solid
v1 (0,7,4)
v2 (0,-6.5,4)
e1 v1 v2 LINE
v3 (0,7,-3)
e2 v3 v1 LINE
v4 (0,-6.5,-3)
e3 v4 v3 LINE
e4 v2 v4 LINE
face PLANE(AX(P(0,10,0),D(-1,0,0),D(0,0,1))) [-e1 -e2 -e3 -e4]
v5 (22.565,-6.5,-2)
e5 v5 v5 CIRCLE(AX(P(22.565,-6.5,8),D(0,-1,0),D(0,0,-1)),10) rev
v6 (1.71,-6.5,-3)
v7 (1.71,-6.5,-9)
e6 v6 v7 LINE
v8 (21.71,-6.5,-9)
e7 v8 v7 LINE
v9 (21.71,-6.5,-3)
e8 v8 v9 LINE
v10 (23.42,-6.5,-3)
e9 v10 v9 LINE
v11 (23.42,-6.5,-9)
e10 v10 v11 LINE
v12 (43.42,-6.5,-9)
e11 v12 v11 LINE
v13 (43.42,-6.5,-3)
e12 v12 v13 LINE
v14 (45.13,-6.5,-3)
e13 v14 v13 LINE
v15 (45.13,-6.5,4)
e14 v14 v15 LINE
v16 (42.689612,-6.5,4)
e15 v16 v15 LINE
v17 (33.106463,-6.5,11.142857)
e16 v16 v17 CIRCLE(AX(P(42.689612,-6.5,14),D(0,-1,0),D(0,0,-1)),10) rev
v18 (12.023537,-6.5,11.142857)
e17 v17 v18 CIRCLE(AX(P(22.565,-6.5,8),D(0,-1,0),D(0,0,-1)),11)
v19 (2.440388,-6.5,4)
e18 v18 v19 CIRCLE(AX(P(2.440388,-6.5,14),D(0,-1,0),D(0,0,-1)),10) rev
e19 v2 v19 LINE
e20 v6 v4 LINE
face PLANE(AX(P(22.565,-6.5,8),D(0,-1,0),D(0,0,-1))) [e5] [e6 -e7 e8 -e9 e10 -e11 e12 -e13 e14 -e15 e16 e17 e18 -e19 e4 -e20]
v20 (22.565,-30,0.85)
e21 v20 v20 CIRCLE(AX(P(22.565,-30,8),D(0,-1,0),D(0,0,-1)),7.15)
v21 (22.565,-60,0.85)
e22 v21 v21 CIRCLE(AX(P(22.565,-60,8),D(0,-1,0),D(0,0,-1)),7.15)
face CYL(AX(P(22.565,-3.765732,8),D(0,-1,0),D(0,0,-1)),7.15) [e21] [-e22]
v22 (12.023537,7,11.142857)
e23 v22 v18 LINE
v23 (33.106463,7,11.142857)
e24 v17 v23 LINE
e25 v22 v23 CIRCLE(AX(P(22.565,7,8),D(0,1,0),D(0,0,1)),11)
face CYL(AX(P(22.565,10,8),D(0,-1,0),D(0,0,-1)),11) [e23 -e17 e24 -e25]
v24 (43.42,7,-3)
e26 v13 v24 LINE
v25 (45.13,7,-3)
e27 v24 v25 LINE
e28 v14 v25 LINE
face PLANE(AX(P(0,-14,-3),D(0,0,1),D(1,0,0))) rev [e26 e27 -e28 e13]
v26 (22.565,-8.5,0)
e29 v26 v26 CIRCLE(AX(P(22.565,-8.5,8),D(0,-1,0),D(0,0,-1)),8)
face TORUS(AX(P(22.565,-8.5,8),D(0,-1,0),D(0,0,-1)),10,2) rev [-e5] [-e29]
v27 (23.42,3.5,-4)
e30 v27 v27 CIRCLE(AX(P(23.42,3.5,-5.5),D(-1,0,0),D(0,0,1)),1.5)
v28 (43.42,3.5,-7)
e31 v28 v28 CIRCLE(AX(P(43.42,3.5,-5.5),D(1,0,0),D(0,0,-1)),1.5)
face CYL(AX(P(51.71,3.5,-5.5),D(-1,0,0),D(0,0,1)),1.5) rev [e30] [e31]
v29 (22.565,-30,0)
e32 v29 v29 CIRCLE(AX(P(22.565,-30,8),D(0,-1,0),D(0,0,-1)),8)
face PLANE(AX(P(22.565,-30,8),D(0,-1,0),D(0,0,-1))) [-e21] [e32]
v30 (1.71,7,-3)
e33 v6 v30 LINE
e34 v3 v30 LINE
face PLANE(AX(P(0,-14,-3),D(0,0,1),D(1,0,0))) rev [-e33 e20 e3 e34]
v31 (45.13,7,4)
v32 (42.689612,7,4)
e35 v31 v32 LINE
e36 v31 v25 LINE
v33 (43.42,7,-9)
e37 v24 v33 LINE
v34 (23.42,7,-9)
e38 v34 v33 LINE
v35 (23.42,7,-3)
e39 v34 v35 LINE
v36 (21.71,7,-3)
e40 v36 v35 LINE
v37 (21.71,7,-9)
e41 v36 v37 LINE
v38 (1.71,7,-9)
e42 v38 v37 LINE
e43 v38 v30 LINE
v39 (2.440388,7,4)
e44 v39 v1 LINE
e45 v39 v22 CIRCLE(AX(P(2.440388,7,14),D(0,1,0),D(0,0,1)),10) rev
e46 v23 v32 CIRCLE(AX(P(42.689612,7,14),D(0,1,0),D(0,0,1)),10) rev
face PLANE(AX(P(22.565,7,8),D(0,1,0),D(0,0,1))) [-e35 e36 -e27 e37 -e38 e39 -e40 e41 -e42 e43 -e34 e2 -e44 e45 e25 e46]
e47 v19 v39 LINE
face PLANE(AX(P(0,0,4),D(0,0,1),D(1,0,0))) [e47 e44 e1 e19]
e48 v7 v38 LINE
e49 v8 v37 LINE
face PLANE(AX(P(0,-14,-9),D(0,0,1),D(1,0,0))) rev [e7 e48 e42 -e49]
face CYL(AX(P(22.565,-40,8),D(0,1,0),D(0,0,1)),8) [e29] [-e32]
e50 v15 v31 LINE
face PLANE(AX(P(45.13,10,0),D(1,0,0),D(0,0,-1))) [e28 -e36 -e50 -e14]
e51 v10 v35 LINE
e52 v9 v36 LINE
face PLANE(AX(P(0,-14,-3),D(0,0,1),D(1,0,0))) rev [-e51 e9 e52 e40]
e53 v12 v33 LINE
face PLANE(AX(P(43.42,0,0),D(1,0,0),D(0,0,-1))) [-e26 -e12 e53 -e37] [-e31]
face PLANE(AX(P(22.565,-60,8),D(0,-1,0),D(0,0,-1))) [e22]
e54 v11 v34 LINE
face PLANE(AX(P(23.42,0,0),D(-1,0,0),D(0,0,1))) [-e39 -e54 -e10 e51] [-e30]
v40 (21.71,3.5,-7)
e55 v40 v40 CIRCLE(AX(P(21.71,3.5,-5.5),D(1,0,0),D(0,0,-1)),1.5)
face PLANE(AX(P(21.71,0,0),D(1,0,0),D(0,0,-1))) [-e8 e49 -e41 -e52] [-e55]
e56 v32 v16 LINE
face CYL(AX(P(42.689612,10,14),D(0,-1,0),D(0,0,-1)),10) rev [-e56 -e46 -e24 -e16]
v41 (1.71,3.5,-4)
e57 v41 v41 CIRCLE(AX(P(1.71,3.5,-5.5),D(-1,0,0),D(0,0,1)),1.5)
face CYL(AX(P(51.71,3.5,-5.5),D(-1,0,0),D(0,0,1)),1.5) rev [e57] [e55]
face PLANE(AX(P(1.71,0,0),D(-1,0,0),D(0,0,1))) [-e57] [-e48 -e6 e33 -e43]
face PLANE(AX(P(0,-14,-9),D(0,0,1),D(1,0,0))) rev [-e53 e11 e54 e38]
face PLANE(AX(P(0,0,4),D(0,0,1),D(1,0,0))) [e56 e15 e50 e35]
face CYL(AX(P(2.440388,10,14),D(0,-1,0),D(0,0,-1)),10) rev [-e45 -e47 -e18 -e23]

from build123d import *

# Parameters (mm, degrees)
SKETCH1_R            = 11
SKETCH1_R_2          = 8
SKETCH1_W            = 45.13
SKETCH1_H            = 7
BOSS_EXTRUDE1_DEPTH  = 10
SKETCH2_W            = 1.71
SKETCH2_H            = 4
CUT_EXTRUDE1_DEPTH   = 10
SKETCH3_W            = 20
SKETCH3_H            = 10
BOSS_EXTRUDE2_DEPTH  = 3
CUT_EXTRUDE2_START   = -3
CUT_EXTRUDE2_DEPTH   = 3
SKETCH6_W            = 20
SKETCH6_H            = 7
BOSS_EXTRUDE3_DEPTH  = 2
SKETCH7_R            = 1.5
CUT_EXTRUDE5_DEPTH   = 44
SKETCH9_W            = 1.71
SKETCH9_H            = 7
BOSS_EXTRUDE4_DEPTH  = 3
CUT_EXTRUDE6_START   = -1
SKETCH11_R           = 8
CUT_EXTRUDE6_DEPTH   = 1
BOSS_EXTRUDE6_DEPTH  = 1
BOSS_EXTRUDE7_START  = 6
SKETCH13_R           = 8
BOSS_EXTRUDE7_DEPTH  = 6
SKETCH14_R           = 8
BOSS_EXTRUDE8_DEPTH  = 40
SKETCH15_R           = 7.5
BOSS_EXTRUDE9_DEPTH  = 30
BOSS_EXTRUDE10_START = 6.5
BOSS_EXTRUDE10_DEPTH = 6.5
SKETCH17_R           = 15.773418916
SKETCH17_R_2         = 7
CUT_EXTRUDE7_DEPTH   = 30
SKETCH18_R           = 7.1
BOSS_EXTRUDE11_DEPTH = 30
SKETCH19_R           = 7.2
BOSS_EXTRUDE12_DEPTH = 30
SKETCH20_R           = 12.810748173
SKETCH20_R_2         = 7.15
CUT_EXTRUDE8_DEPTH   = 30
SKETCH21_R           = 7.15
CUT_EXTRUDE9_DEPTH   = 10
SKETCH22_R           = 8
SKETCH22_R_2         = 7.15
CUT_EXTRUDE10_DEPTH  = 10
SKETCH25_W           = 1.71
SKETCH25_H           = 3
SKETCH25_W_2         = 20
CUT_EXTRUDE13_DEPTH  = 21
BOSS_EXTRUDE13_DEPTH = 20
BOSS_EXTRUDE14_START = -20
BOSS_EXTRUDE14_DEPTH = 20
SKETCH28_R           = 1.5
CUT_EXTRUDE14_DEPTH  = 50
SKETCH29_W           = 45.13
SKETCH29_H           = 13.5
BOSS_EXTRUDE15_DEPTH = 4
FILLET1_R            = 10
FILLET2_R            = 2


with BuildPart() as part:
    # Sketch1 → Boss-Extrude1 (new body)
    # profile 1 of 2: a face of its own
    with BuildSketch(Plane(origin=(0, 0, 0), x_dir=(1, 0, 0), z_dir=(0, 1, 0))):
        with Locations((22.565, -8)):
            Circle(SKETCH1_R)
        with Locations(Location((22.565, -8, 0), (0, 0, 270))):
            Circle(SKETCH1_R_2, mode=Mode.SUBTRACT)
    # profile 2 of 2: a face of its own
    with BuildSketch(Plane(origin=(0, 0, 0), x_dir=(1, 0, 0), z_dir=(0, 1, 0))):
        with Locations((22.565, 3.5)):
            Rectangle(SKETCH1_W, SKETCH1_H)
    extrude(amount=BOSS_EXTRUDE1_DEPTH)

    # Sketch2 → Cut-Extrude1 (cut)
    with BuildSketch(Plane(origin=(0, 10, 0), x_dir=(1, 0, 0), z_dir=(0, 1, 0))):
        with Locations((0.855, 5)):
            Rectangle(SKETCH2_W, SKETCH2_H)
        with Locations((22.565, 5)):
            Rectangle(SKETCH2_W, SKETCH2_H)
        with Locations((44.275, 5)):
            Rectangle(SKETCH2_W, SKETCH2_H)
    extrude(amount=-CUT_EXTRUDE1_DEPTH, mode=Mode.SUBTRACT)

    # Sketch3 → Boss-Extrude2 (add)
    with BuildSketch(Plane(origin=(0, 0, -7), x_dir=(-1, 0, 0), z_dir=(0, 0, -1))):
        with Locations((-33.42, 5)):
            Rectangle(SKETCH3_W, SKETCH3_H)
        with Locations((-11.71, 5)):
            Rectangle(SKETCH3_W, SKETCH3_H)
    extrude(amount=BOSS_EXTRUDE2_DEPTH)

    # Sketch4 → Cut-Extrude2 (cut)
    with BuildSketch(Plane(origin=(0, 10, 0), x_dir=(1, 0, 0), z_dir=(0, 1, 0)).offset(CUT_EXTRUDE2_START)):
        with BuildLine():
            Line((21.71, 3), (21.71, 10))
            Line((21.71, 10), (1.71, 10))
            Line((1.71, 10), (1.71, 3))
            Line((1.71, 3), (0, 3))
            Line((0, 3), (0, 0))
            Line((0, 0), (15.015165565, 0))
            ThreePointArc((15.015165565, 0), (22.565, -19), (30.114834435, 0))
            Line((30.114834435, 0), (45.13, 0))
            Line((45.13, 0), (45.13, 3))
            Line((45.13, 3), (43.42, 3))
            Line((43.42, 3), (43.42, 10))
            Line((43.42, 10), (23.42, 10))
            Line((23.42, 10), (23.42, 3))
            Line((23.42, 3), (21.71, 3))
        make_face()
    extrude(amount=CUT_EXTRUDE2_DEPTH, mode=Mode.SUBTRACT)

    # Sketch6 → Boss-Extrude3 (add)
    with BuildSketch(Plane(origin=(0, 0, -10), x_dir=(-1, 0, 0), z_dir=(0, 0, -1))):
        with Locations((-33.42, 3.5)):
            Rectangle(SKETCH6_W, SKETCH6_H)
        with Locations((-11.71, 3.5)):
            Rectangle(SKETCH6_W, SKETCH6_H)
    extrude(amount=BOSS_EXTRUDE3_DEPTH)

    # Sketch7 → Cut-Extrude5 (cut)
    with BuildSketch(Plane.ZY.offset(-1.71)):
        with Locations((-8.5, 3.5)):
            Circle(SKETCH7_R)
    extrude(amount=-CUT_EXTRUDE5_DEPTH, mode=Mode.SUBTRACT)

    # Sketch9 → Boss-Extrude4 (add)
    with BuildSketch(Plane(origin=(0, 0, -3), x_dir=(-1, 0, 0), z_dir=(0, 0, -1))):
        with Locations((-22.565, 3.5)):
            Rectangle(SKETCH9_W, SKETCH9_H)
        with Locations((-0.855, 3.5)):
            Rectangle(SKETCH9_W, SKETCH9_H)
        with Locations((-44.275, 3.5)):
            Rectangle(SKETCH9_W, SKETCH9_H)
    extrude(amount=BOSS_EXTRUDE4_DEPTH)

    # Sketch11 → Cut-Extrude6 (cut)
    with BuildSketch(Plane(origin=(0, 7, 0), x_dir=(1, 0, 0), z_dir=(0, 1, 0)).offset(CUT_EXTRUDE6_START)):
        with BuildLine():
            Line((45.13, 6), (43.42, 6))
            Line((43.42, 6), (43.42, 12))
            Line((43.42, 12), (23.42, 12))
            Line((23.42, 12), (23.42, 6))
            Line((23.42, 6), (21.71, 6))
            Line((21.71, 6), (21.71, 12))
            Line((21.71, 12), (1.71, 12))
            Line((1.71, 12), (1.71, 6))
            Line((1.71, 6), (0, 6))
            Line((0, 6), (0, 0))
            Line((0, 0), (15.015165565, 0))
            ThreePointArc((15.015165565, 0), (22.565, -19), (30.114834435, 0))
            Line((30.114834435, 0), (45.13, 0))
            Line((45.13, 0), (45.13, 6))
        make_face()
        with Locations(Location((22.565, -8, 0), (0, 0, 270))):
            Circle(SKETCH11_R, mode=Mode.SUBTRACT)
    extrude(amount=CUT_EXTRUDE6_DEPTH, mode=Mode.SUBTRACT)

    # Sketch12 → Boss-Extrude6 (add)
    with BuildSketch(Plane(origin=(0, 6, 0), x_dir=(1, 0, 0), z_dir=(0, 1, 0))):
        with BuildLine():
            Line((45.13, 0), (45.13, 6))
            Line((45.13, 6), (43.42, 6))
            Line((43.42, 6), (43.42, 12))
            Line((43.42, 12), (23.42, 12))
            Line((23.42, 12), (23.42, 6))
            Line((23.42, 6), (21.71, 6))
            Line((21.71, 6), (21.71, 12))
            Line((21.71, 12), (1.71, 12))
            Line((1.71, 12), (1.71, 6))
            Line((1.71, 6), (0, 6))
            Line((0, 6), (0, 0))
            Line((0, 0), (15.015165565, 0))
            ThreePointArc((15.015165565, 0), (22.565, -19), (30.114834435, 0))
            Line((30.114834435, 0), (45.13, 0))
        make_face()
    extrude(amount=BOSS_EXTRUDE6_DEPTH)

    # Sketch13 → Boss-Extrude7 (add)
    with BuildSketch(Plane.XZ.offset(-6).offset(BOSS_EXTRUDE7_START)):
        with Locations((22.565, 8)):
            Circle(SKETCH13_R)
    extrude(amount=-BOSS_EXTRUDE7_DEPTH)

    # Sketch14 → Boss-Extrude8 (add)
    with BuildSketch(Plane.XZ):
        with Locations(Location((22.565, 8, 0), (0, 0, 90))):
            Circle(SKETCH14_R)
    extrude(amount=BOSS_EXTRUDE8_DEPTH)

    # Sketch15 → Boss-Extrude9 (add)
    with BuildSketch(Plane.XZ.offset(40)):
        with Locations(Location((22.565, 8, 0), (0, 0, 270))):
            Circle(SKETCH15_R)
    extrude(amount=BOSS_EXTRUDE9_DEPTH)

    # Sketch16 → Boss-Extrude10 (add)
    with BuildSketch(Plane.XZ.offset(BOSS_EXTRUDE10_START)):
        with BuildLine():
            Line((43.42, -12), (43.42, -6))
            Line((43.42, -6), (45.13, -6))
            Line((45.13, -6), (45.13, 0))
            Line((45.13, 0), (30.114834435, 0))
            ThreePointArc((30.114834435, 0), (22.565, 19), (15.015165565, 0))
            Line((15.015165565, 0), (0, 0))
            Line((0, 0), (0, -6))
            Line((0, -6), (1.71, -6))
            Line((1.71, -6), (1.71, -12))
            Line((1.71, -12), (21.71, -12))
            Line((21.71, -12), (21.71, -6))
            Line((21.71, -6), (23.42, -6))
            Line((23.42, -6), (23.42, -12))
            Line((23.42, -12), (43.42, -12))
        make_face()
    extrude(amount=-BOSS_EXTRUDE10_DEPTH)

    # Sketch17 → Cut-Extrude7 (cut)
    with BuildSketch(Plane.XZ.offset(70)):
        with Locations((22.565, 8)):
            Circle(SKETCH17_R)
        with Locations(Location((22.565, 8, 0), (0, 0, 270))):
            Circle(SKETCH17_R_2, mode=Mode.SUBTRACT)
    extrude(amount=-CUT_EXTRUDE7_DEPTH, mode=Mode.SUBTRACT)

    # Sketch18 → Boss-Extrude11 (add)
    with BuildSketch(Plane.XZ.offset(70)):
        with Locations(Location((22.565, 8, 0), (0, 0, 270))):
            Circle(SKETCH18_R)
    extrude(amount=-BOSS_EXTRUDE11_DEPTH)

    # Sketch19 → Boss-Extrude12 (add)
    with BuildSketch(Plane.XZ.offset(70)):
        with Locations(Location((22.565, 8, 0), (0, 0, 270))):
            Circle(SKETCH19_R)
    extrude(amount=-BOSS_EXTRUDE12_DEPTH)

    # Sketch20 → Cut-Extrude8 (cut)
    with BuildSketch(Plane.XZ.offset(70)):
        with Locations((22.565, 8)):
            Circle(SKETCH20_R)
        with Locations(Location((22.565, 8, 0), (0, 0, 270))):
            Circle(SKETCH20_R_2, mode=Mode.SUBTRACT)
    extrude(amount=-CUT_EXTRUDE8_DEPTH, mode=Mode.SUBTRACT)

    # Sketch21 → Cut-Extrude9 (cut)
    with BuildSketch(Plane.XZ.offset(70)):
        with Locations(Location((22.565, 8, 0), (0, 0, 270))):
            Circle(SKETCH21_R)
    extrude(amount=-CUT_EXTRUDE9_DEPTH, mode=Mode.SUBTRACT)

    # Sketch22 → Cut-Extrude10 (cut)
    with BuildSketch(Plane.XZ.offset(40)):
        with Locations(Location((22.565, 8, 0), (0, 0, 270))):
            Circle(SKETCH22_R)
        with Locations(Location((22.565, 8, 0), (0, 0, 270))):
            Circle(SKETCH22_R_2, mode=Mode.SUBTRACT)
    extrude(amount=-CUT_EXTRUDE10_DEPTH, mode=Mode.SUBTRACT)

    # Sketch25 → Cut-Extrude13 (cut)
    with BuildSketch(Plane(origin=(0, 7, 0), x_dir=(1, 0, 0), z_dir=(0, 1, 0))):
        with Locations((0.855, 4.5)):
            Rectangle(SKETCH25_W, SKETCH25_H)
        with Locations((11.71, 10.5)):
            Rectangle(SKETCH25_W_2, SKETCH25_H)
        with Locations((33.42, 10.5)):
            Rectangle(SKETCH25_W_2, SKETCH25_H)
        with Locations((22.565, 4.5)):
            Rectangle(SKETCH25_W, SKETCH25_H)
        with Locations((44.275, 4.5)):
            Rectangle(SKETCH25_W, SKETCH25_H)
    extrude(amount=-CUT_EXTRUDE13_DEPTH, mode=Mode.SUBTRACT)

    # Sketch26 → Boss-Extrude13 (add)
    with BuildSketch(Plane.ZY.offset(-1.71)):
        with BuildLine():
            ThreePointArc((-7, 3.5), (-7.633974596, 4.724744871), (-9, 4.914213562))
            Line((-9, 4.914213562), (-9, 2.085786438))
            ThreePointArc((-9, 2.085786438), (-7.633974596, 2.275255129), (-7, 3.5))
        make_face()
    extrude(amount=-BOSS_EXTRUDE13_DEPTH)

    # Sketch27 → Boss-Extrude14 (add)
    with BuildSketch(Plane(origin=(43.42, 0, 0), x_dir=(0, 0, -1), z_dir=(1, 0, 0)).offset(BOSS_EXTRUDE14_START)):
        with BuildLine():
            Line((9, 2.085786438), (9, 4.914213562))
            ThreePointArc((9, 4.914213562), (7, 3.5), (9, 2.085786438))
        make_face()
    extrude(amount=BOSS_EXTRUDE14_DEPTH)

    # Sketch28 → Cut-Extrude14 (cut)
    with BuildSketch(Plane.ZY.offset(-1.71)):
        with Locations((-5.5, 3.5)):
            Circle(SKETCH28_R)
    extrude(amount=-CUT_EXTRUDE14_DEPTH, mode=Mode.SUBTRACT)

    # Sketch29 → Boss-Extrude15 (add)
    with BuildSketch(Plane.XY):
        with Locations((22.565, 0.25)):
            Rectangle(SKETCH29_W, SKETCH29_H)
    extrude(amount=BOSS_EXTRUDE15_DEPTH)

    # Fillet1
    fillet1_edges = [part.edges().sort_by_distance(p)[0] for p in [
        (32.811950766, 0.25, 4),
        (12.318049234, 0.25, 4),
    ]]
    fillet(fillet1_edges, radius=FILLET1_R)

    # Fillet2
    fillet2_edges = [part.edges().sort_by_distance(p)[0] for p in [
        (22.565, -6.5, 0),
    ]]
    fillet(fillet2_edges, radius=FILLET2_R)


solid = part.part
